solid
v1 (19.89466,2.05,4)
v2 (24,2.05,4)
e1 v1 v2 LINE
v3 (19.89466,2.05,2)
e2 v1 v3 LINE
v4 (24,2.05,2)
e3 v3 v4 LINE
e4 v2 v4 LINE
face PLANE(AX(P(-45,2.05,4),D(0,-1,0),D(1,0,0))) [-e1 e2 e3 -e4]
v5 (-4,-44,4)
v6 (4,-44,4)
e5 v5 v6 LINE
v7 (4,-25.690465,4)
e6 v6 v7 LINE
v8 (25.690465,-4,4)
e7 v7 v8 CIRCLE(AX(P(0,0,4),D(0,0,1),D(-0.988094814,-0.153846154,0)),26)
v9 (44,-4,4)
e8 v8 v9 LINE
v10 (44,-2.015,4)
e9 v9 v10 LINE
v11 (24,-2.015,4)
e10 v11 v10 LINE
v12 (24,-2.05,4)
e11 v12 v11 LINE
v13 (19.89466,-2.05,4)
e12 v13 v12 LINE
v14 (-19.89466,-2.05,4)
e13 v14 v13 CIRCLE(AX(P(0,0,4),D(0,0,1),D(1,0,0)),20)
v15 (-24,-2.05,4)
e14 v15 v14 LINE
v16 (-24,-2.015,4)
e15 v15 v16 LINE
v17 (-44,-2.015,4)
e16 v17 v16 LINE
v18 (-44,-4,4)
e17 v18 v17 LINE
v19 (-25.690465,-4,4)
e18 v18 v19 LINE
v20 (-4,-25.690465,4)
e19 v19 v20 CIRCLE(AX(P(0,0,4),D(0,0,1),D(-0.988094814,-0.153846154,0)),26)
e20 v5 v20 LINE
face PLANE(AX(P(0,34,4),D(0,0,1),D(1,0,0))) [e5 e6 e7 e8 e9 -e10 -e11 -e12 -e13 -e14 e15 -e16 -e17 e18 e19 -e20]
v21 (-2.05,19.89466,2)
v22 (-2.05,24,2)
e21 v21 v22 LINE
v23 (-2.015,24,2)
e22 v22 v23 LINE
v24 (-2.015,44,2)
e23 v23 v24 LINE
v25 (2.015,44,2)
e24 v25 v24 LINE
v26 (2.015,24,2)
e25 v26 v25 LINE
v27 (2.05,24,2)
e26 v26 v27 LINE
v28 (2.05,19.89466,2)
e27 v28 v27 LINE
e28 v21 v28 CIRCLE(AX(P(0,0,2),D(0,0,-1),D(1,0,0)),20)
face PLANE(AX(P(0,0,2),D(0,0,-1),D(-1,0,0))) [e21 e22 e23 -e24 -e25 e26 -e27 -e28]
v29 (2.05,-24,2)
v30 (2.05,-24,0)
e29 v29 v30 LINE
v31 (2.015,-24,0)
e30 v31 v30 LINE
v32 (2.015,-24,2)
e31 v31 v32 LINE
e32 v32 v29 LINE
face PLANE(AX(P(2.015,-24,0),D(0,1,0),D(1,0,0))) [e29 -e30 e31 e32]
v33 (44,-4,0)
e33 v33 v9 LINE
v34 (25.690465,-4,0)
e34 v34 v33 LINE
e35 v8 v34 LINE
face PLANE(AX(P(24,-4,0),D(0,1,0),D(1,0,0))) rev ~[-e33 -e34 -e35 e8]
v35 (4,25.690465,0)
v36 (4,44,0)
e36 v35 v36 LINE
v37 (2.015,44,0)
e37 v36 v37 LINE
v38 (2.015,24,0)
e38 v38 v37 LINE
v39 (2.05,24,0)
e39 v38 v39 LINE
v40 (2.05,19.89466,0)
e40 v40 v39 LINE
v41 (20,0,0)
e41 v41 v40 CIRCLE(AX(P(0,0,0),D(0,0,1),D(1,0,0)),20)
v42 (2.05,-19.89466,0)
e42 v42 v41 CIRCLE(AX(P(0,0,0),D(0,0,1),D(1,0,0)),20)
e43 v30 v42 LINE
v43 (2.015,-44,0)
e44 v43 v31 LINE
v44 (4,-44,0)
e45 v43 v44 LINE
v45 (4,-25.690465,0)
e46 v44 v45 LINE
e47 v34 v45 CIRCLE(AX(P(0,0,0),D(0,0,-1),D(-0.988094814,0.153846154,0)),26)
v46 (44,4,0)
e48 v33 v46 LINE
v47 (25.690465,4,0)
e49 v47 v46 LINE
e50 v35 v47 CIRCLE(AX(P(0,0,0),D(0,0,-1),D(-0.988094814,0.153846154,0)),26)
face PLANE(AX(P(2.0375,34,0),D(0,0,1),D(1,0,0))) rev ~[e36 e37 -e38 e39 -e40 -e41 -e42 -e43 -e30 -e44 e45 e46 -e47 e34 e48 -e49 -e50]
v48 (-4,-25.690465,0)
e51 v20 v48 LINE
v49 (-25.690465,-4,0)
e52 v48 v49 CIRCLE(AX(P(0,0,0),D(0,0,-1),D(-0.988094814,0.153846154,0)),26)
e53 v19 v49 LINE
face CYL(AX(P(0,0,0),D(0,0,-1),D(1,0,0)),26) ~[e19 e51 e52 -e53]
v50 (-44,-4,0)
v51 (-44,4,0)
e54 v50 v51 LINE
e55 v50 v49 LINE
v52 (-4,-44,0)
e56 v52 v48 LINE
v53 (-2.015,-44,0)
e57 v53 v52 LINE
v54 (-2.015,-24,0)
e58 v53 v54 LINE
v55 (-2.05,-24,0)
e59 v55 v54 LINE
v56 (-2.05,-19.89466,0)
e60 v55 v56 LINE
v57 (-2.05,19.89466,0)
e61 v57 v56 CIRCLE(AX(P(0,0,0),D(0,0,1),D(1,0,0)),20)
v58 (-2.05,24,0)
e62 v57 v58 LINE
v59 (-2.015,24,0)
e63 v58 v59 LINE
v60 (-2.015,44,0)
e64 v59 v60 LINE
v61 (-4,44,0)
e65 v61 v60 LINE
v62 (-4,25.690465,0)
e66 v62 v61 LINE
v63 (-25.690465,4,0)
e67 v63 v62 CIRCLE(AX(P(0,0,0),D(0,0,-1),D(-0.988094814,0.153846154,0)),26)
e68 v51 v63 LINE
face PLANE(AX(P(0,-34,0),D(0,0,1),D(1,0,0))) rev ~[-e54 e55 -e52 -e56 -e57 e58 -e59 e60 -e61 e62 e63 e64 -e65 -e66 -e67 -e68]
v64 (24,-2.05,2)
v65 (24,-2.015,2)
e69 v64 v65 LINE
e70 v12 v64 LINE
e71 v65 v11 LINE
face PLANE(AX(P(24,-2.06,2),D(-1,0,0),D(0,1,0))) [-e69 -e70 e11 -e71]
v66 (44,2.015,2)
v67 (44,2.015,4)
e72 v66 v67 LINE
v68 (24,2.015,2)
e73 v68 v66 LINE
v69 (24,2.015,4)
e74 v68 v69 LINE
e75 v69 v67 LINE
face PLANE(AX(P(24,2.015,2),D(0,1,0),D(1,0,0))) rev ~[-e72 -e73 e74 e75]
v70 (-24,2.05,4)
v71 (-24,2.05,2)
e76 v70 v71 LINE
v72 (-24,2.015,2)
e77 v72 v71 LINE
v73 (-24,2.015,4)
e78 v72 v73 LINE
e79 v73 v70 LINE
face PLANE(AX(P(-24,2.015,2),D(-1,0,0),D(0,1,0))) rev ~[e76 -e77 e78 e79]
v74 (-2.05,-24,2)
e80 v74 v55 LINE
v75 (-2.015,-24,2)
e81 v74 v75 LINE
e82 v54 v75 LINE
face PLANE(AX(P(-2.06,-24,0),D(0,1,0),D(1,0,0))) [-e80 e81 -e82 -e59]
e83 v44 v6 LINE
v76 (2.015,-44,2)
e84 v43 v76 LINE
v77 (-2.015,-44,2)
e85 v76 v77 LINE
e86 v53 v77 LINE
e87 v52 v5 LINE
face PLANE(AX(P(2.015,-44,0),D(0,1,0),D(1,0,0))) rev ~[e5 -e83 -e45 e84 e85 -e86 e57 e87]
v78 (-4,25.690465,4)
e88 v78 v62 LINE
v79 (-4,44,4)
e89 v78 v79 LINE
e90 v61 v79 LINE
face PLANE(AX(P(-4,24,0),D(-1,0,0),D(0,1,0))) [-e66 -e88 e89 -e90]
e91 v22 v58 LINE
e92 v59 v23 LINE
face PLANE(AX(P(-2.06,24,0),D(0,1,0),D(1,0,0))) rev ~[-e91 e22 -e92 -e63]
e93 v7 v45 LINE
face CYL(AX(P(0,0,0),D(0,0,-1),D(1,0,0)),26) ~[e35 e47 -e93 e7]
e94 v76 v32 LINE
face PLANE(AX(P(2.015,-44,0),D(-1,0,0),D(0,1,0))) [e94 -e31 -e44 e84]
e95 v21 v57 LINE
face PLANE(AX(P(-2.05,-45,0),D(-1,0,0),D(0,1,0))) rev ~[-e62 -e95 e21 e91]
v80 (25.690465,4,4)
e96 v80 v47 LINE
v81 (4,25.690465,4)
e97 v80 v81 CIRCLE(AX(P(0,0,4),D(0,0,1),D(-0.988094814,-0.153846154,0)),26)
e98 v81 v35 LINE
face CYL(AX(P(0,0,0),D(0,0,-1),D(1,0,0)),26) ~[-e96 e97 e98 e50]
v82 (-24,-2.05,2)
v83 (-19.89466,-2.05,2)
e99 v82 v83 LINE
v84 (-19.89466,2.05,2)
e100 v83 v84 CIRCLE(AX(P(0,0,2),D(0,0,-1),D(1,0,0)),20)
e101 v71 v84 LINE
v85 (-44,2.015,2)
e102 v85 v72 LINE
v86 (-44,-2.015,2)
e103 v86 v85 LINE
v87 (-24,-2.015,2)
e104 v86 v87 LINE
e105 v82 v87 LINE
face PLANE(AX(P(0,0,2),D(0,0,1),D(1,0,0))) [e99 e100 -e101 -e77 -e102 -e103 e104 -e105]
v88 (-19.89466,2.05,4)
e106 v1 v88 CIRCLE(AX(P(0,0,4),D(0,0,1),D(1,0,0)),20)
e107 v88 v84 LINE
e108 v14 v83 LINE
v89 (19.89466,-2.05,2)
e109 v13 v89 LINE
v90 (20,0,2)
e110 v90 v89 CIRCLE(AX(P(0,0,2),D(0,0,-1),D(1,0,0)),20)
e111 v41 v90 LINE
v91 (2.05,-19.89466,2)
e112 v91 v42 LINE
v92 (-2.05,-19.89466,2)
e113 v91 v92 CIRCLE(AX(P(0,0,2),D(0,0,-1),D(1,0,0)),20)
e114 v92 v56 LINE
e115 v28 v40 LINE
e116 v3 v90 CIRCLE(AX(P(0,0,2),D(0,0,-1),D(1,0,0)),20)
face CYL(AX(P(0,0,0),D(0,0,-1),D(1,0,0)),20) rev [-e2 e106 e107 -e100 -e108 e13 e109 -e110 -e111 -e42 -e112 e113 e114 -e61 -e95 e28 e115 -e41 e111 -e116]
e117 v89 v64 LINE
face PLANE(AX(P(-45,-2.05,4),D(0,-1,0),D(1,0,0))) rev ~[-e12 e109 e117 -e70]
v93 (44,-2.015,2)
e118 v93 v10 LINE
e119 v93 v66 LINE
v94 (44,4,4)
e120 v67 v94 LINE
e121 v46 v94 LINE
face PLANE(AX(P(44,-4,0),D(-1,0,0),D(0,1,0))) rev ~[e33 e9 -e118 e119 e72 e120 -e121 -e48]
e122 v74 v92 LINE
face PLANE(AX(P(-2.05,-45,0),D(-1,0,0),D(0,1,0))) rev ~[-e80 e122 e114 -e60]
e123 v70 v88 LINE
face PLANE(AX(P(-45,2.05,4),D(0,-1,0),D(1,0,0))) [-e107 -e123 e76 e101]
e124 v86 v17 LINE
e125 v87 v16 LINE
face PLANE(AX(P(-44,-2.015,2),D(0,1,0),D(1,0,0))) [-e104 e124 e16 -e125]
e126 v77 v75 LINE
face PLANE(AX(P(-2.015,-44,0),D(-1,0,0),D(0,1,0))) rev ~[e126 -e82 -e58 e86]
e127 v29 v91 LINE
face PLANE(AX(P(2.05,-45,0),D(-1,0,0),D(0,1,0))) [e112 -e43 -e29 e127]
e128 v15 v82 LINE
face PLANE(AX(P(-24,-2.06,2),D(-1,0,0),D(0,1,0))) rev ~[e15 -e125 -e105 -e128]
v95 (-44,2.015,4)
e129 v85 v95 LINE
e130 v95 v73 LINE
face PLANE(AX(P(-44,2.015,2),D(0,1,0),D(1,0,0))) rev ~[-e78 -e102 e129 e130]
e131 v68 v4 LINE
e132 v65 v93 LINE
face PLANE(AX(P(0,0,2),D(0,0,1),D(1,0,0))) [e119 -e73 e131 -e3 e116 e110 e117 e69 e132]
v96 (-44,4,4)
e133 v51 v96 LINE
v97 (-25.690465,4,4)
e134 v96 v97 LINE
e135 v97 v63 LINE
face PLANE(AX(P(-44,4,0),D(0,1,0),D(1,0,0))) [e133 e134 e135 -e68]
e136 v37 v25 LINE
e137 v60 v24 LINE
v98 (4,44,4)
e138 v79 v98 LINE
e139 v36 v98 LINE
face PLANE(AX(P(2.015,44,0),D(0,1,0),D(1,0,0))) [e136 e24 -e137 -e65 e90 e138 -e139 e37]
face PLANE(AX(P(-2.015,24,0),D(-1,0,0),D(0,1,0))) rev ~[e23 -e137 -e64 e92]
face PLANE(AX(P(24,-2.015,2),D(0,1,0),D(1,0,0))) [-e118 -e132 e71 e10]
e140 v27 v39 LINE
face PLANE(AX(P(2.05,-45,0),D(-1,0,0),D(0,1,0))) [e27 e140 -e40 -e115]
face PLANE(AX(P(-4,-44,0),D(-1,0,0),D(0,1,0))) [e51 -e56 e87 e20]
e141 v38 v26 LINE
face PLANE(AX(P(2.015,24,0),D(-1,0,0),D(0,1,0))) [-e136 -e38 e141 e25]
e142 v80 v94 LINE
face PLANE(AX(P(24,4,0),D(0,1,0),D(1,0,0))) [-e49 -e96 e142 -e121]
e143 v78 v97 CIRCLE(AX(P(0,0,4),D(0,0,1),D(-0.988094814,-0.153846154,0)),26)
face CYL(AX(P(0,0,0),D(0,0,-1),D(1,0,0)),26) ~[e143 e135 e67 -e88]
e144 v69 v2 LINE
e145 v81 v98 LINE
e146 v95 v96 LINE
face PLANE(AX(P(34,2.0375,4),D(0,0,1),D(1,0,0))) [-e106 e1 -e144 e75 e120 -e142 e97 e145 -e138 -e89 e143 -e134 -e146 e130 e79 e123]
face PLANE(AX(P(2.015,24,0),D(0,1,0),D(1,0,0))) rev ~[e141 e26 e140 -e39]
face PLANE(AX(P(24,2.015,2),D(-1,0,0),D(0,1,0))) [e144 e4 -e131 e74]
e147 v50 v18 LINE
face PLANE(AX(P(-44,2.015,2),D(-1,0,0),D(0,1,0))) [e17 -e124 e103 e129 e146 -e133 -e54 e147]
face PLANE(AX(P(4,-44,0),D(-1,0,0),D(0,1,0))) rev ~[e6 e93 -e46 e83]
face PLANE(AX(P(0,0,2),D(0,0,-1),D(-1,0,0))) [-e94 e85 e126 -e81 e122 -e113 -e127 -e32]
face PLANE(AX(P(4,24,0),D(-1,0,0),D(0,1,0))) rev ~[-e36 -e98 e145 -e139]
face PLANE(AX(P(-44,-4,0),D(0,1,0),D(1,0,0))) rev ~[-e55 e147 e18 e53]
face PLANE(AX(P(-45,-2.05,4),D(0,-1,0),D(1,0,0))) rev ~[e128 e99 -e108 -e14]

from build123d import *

# Parameters (mm, degrees)
SKETCH1_R                       = 26
SKETCH1_R_2                     = 20
RELIEVED_FLOATING_RING_DEPTH    = 4
SKETCH2_W                       = 20
SKETCH2_H                       = 8
X_SLIDE_PAD_1_DEPTH             = 4
SKETCH3_W                       = 8
SKETCH3_H                       = 20
Y_SLIDE_PAD_1_DEPTH             = 4
SKETCH4_W                       = 20
SKETCH4_H                       = 8
X_SLIDE_PAD_1_2_DEPTH           = 4
SKETCH5_W                       = 8
SKETCH5_H                       = 20
Y_SLIDE_PAD_1_2_DEPTH           = 4
SKETCH6_W                       = 4.1
SKETCH6_H                       = 90
LOWER_Y_SLOTS_W4P1_H2_DEPTH     = 2
SKETCH7_W                       = 90
SKETCH7_H                       = 4.1
UPPER_X_SLOTS_W4P1_H2_DEPTH     = 2
BENCH_UPPERX_W4P030_1_1_START   = 2
SKETCH8_W                       = 20
SKETCH8_H                       = 0.045
BENCH_UPPERX_W4P030_1_1_DEPTH   = 2
SKETCH9_W                       = 20
SKETCH9_H                       = 0.045
BENCH_UPPERX_W4P030_1_1_2_DEPTH = 2
SKETCH10_W                      = 20
SKETCH10_H                      = 0.045
BENCH_UPPERX_W4P030_1_1_3_DEPTH = 2
SKETCH11_W                      = 20
SKETCH11_H                      = 0.045
BENCH_UPPERX_W4P030_1_1_4_DEPTH = 2
SKETCH12_W                      = 0.045
SKETCH12_H                      = 20
BENCH_LOWERY_W4P030_1_1_DEPTH   = 2
SKETCH13_W                      = 0.045
SKETCH13_H                      = 20
BENCH_LOWERY_W4P030_1_1_2_DEPTH = 2
SKETCH14_W                      = 0.045
SKETCH14_H                      = 20
BENCH_LOWERY_W4P030_1_1_3_DEPTH = 2
SKETCH15_W                      = 0.045
SKETCH15_H                      = 20
BENCH_LOWERY_W4P030_1_1_4_DEPTH = 2


with BuildPart() as part:
    # Sketch1 → Relieved_Floating_Ring (new body)
    with BuildSketch(Plane.XY):
        Circle(SKETCH1_R)
        Circle(SKETCH1_R_2, mode=Mode.SUBTRACT)
    extrude(amount=RELIEVED_FLOATING_RING_DEPTH)

    # Sketch2 → X_Slide_Pad_-1 (add)
    with BuildSketch(Plane.XY):
        with Locations((-34, 0)):
            Rectangle(SKETCH2_W, SKETCH2_H)
    extrude(amount=X_SLIDE_PAD_1_DEPTH)

    # Sketch3 → Y_Slide_Pad_-1 (add)
    with BuildSketch(Plane.XY):
        with Locations((0, -34)):
            Rectangle(SKETCH3_W, SKETCH3_H)
    extrude(amount=Y_SLIDE_PAD_1_DEPTH)

    # Sketch4 → X_Slide_Pad_1 2 (add)
    with BuildSketch(Plane.XY):
        with Locations((34, 0)):
            Rectangle(SKETCH4_W, SKETCH4_H)
    extrude(amount=X_SLIDE_PAD_1_2_DEPTH)

    # Sketch5 → Y_Slide_Pad_1 2 (add)
    with BuildSketch(Plane.XY):
        with Locations((0, 34)):
            Rectangle(SKETCH5_W, SKETCH5_H)
    extrude(amount=Y_SLIDE_PAD_1_2_DEPTH)

    # Sketch6 → Lower_Y_Slots_W4p1_H2 (cut)
    with BuildSketch(Plane(origin=(0, 0, 0), x_dir=(-1, 0, 0), z_dir=(0, 0, -1))):
        Rectangle(SKETCH6_W, SKETCH6_H)
    extrude(amount=-LOWER_Y_SLOTS_W4P1_H2_DEPTH, mode=Mode.SUBTRACT)

    # Sketch7 → Upper_X_Slots_W4p1_H2 (cut)
    with BuildSketch(Plane.XY.offset(4)):
        Rectangle(SKETCH7_W, SKETCH7_H)
    extrude(amount=-UPPER_X_SLOTS_W4P1_H2_DEPTH, mode=Mode.SUBTRACT)

    # Sketch8 → Bench_UpperX_W4p030_-1_-1 (add)
    with BuildSketch(Plane.XY.offset(BENCH_UPPERX_W4P030_1_1_START)):
        with Locations((-34, -2.0375)):
            Rectangle(SKETCH8_W, SKETCH8_H)
    extrude(amount=BENCH_UPPERX_W4P030_1_1_DEPTH)

    # Sketch9 → Bench_UpperX_W4p030_-1_1 2 (add)
    with BuildSketch(Plane.XY.offset(BENCH_UPPERX_W4P030_1_1_START)):
        with Locations((-34, 2.0375)):
            Rectangle(SKETCH9_W, SKETCH9_H)
    extrude(amount=BENCH_UPPERX_W4P030_1_1_2_DEPTH)

    # Sketch10 → Bench_UpperX_W4p030_1_-1 3 (add)
    with BuildSketch(Plane.XY.offset(BENCH_UPPERX_W4P030_1_1_START)):
        with Locations((34, -2.0375)):
            Rectangle(SKETCH10_W, SKETCH10_H)
    extrude(amount=BENCH_UPPERX_W4P030_1_1_3_DEPTH)

    # Sketch11 → Bench_UpperX_W4p030_1_1 4 (add)
    with BuildSketch(Plane.XY.offset(BENCH_UPPERX_W4P030_1_1_START)):
        with Locations((34, 2.0375)):
            Rectangle(SKETCH11_W, SKETCH11_H)
    extrude(amount=BENCH_UPPERX_W4P030_1_1_4_DEPTH)

    # Sketch12 → Bench_LowerY_W4p030_-1_-1 (add)
    with BuildSketch(Plane.XY):
        with Locations((-2.0375, -34)):
            Rectangle(SKETCH12_W, SKETCH12_H)
    extrude(amount=BENCH_LOWERY_W4P030_1_1_DEPTH)

    # Sketch13 → Bench_LowerY_W4p030_-1_1 2 (add)
    with BuildSketch(Plane.XY):
        with Locations((2.0375, -34)):
            Rectangle(SKETCH13_W, SKETCH13_H)
    extrude(amount=BENCH_LOWERY_W4P030_1_1_2_DEPTH)

    # Sketch14 → Bench_LowerY_W4p030_1_-1 3 (add)
    with BuildSketch(Plane.XY):
        with Locations((-2.0375, 34)):
            Rectangle(SKETCH14_W, SKETCH14_H)
    extrude(amount=BENCH_LOWERY_W4P030_1_1_3_DEPTH)

    # Sketch15 → Bench_LowerY_W4p030_1_1 4 (add)
    with BuildSketch(Plane.XY):
        with Locations((2.0375, 34)):
            Rectangle(SKETCH15_W, SKETCH15_H)
    extrude(amount=BENCH_LOWERY_W4P030_1_1_4_DEPTH)


solid = part.part
